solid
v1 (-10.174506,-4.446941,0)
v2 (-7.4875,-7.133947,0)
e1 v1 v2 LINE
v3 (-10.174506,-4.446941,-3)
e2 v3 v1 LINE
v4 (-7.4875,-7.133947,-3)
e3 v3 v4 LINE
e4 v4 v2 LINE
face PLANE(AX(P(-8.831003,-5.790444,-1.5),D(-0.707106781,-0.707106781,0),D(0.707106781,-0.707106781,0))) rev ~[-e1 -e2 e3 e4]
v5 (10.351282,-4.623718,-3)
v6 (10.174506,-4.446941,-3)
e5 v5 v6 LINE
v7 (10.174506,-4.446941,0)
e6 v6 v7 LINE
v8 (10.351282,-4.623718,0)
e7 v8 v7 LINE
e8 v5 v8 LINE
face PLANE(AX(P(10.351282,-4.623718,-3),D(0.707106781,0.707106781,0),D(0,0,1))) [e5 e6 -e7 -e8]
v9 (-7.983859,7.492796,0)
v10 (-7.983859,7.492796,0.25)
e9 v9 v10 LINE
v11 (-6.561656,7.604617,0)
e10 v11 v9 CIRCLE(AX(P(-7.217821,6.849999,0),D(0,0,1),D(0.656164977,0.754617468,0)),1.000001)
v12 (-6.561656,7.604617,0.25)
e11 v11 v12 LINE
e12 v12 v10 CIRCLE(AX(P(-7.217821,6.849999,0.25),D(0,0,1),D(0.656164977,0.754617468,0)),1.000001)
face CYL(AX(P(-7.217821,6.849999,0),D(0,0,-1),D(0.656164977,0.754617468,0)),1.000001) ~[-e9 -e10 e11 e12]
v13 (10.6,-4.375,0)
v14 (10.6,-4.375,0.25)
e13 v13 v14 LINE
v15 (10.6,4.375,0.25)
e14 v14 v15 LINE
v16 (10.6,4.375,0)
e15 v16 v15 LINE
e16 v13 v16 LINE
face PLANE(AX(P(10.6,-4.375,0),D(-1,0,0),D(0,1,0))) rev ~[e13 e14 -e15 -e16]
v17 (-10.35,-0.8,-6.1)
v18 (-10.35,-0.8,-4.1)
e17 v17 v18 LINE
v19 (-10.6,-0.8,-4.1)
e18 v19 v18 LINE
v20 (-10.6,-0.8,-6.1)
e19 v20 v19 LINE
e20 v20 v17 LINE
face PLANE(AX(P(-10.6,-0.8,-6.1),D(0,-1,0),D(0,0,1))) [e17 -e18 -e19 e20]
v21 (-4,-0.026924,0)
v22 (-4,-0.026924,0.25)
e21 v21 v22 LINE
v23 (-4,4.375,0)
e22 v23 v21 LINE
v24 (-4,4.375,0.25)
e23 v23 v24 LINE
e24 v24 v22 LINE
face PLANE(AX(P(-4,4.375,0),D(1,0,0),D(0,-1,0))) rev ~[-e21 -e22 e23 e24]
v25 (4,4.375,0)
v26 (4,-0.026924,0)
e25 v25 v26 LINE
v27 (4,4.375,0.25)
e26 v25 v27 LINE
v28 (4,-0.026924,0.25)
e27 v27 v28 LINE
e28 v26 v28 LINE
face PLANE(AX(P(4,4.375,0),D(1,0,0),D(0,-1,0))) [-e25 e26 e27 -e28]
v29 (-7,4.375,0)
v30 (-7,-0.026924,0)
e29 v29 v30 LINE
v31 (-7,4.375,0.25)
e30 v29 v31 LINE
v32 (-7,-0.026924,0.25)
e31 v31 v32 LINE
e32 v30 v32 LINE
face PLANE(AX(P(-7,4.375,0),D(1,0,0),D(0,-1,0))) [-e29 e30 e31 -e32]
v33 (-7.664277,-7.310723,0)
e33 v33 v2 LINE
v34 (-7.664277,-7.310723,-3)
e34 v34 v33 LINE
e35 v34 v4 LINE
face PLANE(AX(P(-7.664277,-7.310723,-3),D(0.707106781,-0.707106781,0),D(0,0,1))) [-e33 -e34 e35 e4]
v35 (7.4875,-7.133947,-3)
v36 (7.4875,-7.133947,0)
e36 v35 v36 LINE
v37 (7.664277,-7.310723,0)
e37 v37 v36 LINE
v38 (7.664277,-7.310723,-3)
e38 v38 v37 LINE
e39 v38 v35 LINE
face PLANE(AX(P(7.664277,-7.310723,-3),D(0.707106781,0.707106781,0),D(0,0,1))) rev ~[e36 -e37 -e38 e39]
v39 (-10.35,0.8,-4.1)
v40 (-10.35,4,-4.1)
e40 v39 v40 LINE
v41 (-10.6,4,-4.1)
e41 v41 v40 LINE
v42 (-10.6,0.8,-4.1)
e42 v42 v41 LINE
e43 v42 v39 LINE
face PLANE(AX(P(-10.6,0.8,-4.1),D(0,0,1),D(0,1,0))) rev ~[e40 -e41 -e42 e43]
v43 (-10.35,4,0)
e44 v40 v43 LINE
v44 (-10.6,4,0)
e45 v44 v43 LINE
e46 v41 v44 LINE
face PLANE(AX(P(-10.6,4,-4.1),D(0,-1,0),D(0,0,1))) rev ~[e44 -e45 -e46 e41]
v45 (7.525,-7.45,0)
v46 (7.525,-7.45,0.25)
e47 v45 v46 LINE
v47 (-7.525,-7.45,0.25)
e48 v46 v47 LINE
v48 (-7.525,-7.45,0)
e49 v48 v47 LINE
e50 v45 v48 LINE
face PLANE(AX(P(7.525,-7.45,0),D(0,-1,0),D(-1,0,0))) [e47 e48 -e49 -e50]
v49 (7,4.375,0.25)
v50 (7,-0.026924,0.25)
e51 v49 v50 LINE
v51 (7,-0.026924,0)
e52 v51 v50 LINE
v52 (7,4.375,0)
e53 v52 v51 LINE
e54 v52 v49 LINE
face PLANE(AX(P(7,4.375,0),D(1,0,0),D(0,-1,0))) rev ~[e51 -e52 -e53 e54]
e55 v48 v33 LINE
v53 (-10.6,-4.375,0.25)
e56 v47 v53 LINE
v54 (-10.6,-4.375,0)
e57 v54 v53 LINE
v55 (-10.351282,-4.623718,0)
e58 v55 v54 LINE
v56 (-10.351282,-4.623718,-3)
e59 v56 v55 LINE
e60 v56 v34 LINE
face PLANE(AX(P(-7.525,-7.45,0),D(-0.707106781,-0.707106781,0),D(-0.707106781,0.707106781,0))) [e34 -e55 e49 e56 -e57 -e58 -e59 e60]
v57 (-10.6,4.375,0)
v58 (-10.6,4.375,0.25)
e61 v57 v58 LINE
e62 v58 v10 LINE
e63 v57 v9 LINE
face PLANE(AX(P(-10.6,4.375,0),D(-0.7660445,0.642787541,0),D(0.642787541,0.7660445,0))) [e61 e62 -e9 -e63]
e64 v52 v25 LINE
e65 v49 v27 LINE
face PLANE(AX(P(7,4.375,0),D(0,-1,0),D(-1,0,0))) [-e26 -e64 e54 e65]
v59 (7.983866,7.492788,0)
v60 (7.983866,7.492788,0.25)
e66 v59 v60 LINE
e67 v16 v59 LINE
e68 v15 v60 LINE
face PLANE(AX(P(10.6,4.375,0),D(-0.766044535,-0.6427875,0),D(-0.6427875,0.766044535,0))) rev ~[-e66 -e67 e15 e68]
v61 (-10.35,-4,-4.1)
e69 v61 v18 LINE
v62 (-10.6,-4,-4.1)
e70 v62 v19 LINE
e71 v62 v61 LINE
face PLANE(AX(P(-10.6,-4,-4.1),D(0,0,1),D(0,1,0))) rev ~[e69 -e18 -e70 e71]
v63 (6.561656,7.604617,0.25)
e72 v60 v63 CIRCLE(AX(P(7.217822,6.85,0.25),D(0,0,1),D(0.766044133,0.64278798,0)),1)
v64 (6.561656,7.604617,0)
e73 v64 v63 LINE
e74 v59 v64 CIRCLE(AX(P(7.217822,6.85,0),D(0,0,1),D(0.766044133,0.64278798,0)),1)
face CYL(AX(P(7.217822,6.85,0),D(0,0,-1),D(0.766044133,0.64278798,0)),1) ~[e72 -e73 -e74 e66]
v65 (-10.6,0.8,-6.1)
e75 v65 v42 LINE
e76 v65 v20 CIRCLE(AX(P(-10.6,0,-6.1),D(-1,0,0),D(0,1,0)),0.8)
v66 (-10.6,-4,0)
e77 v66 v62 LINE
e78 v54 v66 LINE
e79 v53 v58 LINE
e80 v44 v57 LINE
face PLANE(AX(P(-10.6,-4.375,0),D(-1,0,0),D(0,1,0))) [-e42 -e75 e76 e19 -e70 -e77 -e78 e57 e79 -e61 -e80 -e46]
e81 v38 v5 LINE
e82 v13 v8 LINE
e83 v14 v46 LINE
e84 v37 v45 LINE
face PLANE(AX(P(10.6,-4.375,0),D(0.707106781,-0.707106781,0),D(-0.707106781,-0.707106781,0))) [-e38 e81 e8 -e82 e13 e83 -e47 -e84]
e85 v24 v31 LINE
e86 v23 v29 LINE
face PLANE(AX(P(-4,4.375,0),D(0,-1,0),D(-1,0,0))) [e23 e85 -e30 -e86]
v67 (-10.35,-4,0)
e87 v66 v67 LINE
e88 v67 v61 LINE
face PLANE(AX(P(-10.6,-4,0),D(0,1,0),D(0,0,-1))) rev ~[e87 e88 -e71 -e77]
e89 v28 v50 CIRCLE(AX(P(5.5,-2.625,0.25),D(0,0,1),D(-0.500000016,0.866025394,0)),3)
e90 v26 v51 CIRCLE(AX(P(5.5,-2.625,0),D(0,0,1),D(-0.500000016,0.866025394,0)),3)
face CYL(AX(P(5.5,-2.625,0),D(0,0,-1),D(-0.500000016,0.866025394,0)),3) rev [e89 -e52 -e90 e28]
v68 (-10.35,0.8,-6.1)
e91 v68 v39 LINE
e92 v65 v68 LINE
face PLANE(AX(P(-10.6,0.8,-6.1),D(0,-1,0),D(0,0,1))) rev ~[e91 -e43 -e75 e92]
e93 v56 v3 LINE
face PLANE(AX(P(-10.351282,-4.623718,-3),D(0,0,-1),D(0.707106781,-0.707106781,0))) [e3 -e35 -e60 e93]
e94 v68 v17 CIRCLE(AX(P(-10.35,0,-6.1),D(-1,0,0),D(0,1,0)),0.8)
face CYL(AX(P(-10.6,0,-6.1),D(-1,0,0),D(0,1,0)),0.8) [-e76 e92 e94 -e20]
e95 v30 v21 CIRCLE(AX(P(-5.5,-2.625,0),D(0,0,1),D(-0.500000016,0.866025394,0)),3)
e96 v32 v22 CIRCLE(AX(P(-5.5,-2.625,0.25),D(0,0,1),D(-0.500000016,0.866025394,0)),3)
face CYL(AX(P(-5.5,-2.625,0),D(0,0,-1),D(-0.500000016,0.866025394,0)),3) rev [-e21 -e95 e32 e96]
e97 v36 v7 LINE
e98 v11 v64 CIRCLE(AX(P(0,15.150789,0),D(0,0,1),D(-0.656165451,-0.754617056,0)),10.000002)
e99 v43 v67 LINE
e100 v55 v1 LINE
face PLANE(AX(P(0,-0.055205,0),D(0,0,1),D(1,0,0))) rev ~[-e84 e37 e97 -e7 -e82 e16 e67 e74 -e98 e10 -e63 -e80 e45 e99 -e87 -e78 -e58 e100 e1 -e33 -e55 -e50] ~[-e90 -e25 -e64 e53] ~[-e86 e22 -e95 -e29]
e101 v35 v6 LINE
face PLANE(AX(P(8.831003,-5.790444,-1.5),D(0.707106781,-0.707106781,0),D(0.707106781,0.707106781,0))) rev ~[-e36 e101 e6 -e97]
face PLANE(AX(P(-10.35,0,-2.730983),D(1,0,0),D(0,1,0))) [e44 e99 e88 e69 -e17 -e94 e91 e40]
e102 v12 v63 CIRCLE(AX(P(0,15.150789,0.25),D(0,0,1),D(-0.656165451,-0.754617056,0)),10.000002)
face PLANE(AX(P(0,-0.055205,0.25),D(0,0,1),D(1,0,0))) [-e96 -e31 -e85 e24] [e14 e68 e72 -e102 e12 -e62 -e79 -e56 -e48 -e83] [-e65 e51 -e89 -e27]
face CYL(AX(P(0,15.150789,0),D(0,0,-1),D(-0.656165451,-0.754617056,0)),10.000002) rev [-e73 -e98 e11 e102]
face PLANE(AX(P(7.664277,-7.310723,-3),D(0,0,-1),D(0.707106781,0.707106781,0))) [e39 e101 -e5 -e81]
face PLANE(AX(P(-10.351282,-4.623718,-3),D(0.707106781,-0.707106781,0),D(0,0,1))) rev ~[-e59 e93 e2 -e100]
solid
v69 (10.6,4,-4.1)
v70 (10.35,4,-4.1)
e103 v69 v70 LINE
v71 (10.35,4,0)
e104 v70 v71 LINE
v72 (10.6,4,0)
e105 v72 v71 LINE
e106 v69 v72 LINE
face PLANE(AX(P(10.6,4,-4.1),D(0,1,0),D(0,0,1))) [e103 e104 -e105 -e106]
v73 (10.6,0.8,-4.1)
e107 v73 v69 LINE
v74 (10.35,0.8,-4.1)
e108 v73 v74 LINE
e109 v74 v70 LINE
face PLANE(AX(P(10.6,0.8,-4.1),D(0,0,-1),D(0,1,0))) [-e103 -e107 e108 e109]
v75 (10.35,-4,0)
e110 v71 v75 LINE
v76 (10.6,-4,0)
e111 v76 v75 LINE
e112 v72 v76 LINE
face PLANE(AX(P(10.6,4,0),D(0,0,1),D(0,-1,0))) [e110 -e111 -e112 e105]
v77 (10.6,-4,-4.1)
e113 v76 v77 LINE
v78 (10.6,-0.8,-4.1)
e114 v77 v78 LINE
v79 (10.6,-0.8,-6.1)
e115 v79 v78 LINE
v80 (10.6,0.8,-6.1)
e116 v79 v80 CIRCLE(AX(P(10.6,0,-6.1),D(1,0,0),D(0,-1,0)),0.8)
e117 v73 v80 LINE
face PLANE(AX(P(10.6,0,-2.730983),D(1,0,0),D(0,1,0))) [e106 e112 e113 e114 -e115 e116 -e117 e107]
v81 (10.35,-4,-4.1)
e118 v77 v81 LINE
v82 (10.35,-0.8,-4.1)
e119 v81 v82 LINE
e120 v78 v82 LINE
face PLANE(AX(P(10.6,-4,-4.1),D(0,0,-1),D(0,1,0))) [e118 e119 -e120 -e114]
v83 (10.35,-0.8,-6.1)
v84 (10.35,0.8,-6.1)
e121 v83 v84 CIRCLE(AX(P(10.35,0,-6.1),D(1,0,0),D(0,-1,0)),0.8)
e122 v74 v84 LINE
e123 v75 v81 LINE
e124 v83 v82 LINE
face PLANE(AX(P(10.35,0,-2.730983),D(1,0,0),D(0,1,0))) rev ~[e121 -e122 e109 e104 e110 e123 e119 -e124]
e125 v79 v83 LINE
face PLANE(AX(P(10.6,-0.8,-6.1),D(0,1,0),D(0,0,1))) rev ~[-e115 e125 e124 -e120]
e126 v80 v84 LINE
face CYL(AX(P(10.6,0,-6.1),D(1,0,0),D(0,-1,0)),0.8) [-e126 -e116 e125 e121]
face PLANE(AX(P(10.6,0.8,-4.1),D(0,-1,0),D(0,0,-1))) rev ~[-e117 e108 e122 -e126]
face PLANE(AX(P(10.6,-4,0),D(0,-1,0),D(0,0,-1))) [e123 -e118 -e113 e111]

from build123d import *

# Parameters (mm, degrees)
PAD_DEPTH    = 0.25
SKETCH001_W  = 3.8
SKETCH001_H  = 3
PAD001_DEPTH = 0.25
SKETCH002_W  = 3.8
SKETCH002_H  = 3
PAD002_DEPTH = 0.25
PAD005_DEPTH = 0.25
PAD006_DEPTH = 0.25


with BuildPart() as pad005:
    # Sketch → Pad (new body)
    with BuildSketch(Plane.XY):
        with BuildLine():
            Line((10.6, -4.375), (10.6, 4.375))
            Line((10.6, 4.375), (7.983866, 7.492788))
            ThreePointArc((7.983866, 7.492788), (7.29621, 7.846923), (6.561656, 7.604617))
            ThreePointArc((-6.561656, 7.604617), (0, 5.150787), (6.561656, 7.604617))
            ThreePointArc((-6.561656, 7.604617), (-7.296205, 7.846923), (-7.983859, 7.492796))
            Line((-10.6, 4.375), (-7.983859, 7.492796))
            Line((-10.6, -4.375), (-10.6, 4.375))
            Line((-7.525, -7.45), (-10.6, -4.375))
            Line((7.525, -7.45), (-7.525, -7.45))
            Line((10.6, -4.375), (7.525, -7.45))
        make_face()
        with BuildLine():
            Line((4, 4.375), (4, -0.026924))
            ThreePointArc((4, -0.026924), (5.5, -5.625), (7, -0.026924))
            Line((7, 4.375), (7, -0.026924))
            Line((7, 4.375), (4, 4.375))
        make_face(mode=Mode.SUBTRACT)
        with BuildLine():
            Line((-7, 4.375), (-7, -0.026924))
            ThreePointArc((-7, -0.026924), (-5.5, -5.625), (-4, -0.026924))
            Line((-4, 4.375), (-4, -0.026924))
            Line((-4, 4.375), (-7, 4.375))
        make_face(mode=Mode.SUBTRACT)
    extrude(amount=PAD_DEPTH)

    # Sketch001 → Pad001 (new body)
    with BuildSketch(Plane(origin=(7.4875, -7.4875, 0), x_dir=(0.707107, 0.707107, 0), z_dir=(0.707107, -0.707107, 0))):
        with Locations((2.15, -1.5)):
            Rectangle(SKETCH001_W, SKETCH001_H)
    extrude(amount=-PAD001_DEPTH)

    # Sketch002 → Pad002 (new body)
    with BuildSketch(Plane(origin=(-7.4875, -7.4875, 0), x_dir=(0.707107, -0.707107, 0), z_dir=(-0.707107, -0.707107, 0))):
        with Locations((-2.15, -1.5)):
            Rectangle(SKETCH002_W, SKETCH002_H)
    extrude(amount=-PAD002_DEPTH)

    # Sketch003 → Pad005 (new body)
    with BuildSketch(Plane(origin=(-10.6, 0, 0), x_dir=(0, -1, 0), z_dir=(-1, 0, 0))):
        with BuildLine():
            Line((-4, 0), (4, 0))
            Line((4, 0), (4, -4.1))
            Line((4, -4.1), (0.8, -4.1))
            Line((0.8, -6.1), (0.8, -4.1))
            ThreePointArc((-0.8, -6.1), (0, -6.9), (0.8, -6.1))
            Line((-0.8, -6.1), (-0.8, -4.1))
            Line((-0.8, -4.1), (-4, -4.1))
            Line((-4, -4.1), (-4, 0))
        make_face()
    extrude(amount=-PAD005_DEPTH)


with BuildPart() as pad006:
    # Sketch004 → Pad006 (new body)
    with BuildSketch(Plane.YZ.offset(10.6)):
        with BuildLine():
            Line((4, 0), (-4, 0))
            Line((-4, 0), (-4, -4.1))
            Line((-4, -4.1), (-0.8, -4.1))
            Line((-0.8, -6.1), (-0.8, -4.1))
            ThreePointArc((-0.8, -6.1), (0, -6.9), (0.8, -6.1))
            Line((0.8, -4.1), (0.8, -6.1))
            Line((0.8, -4.1), (4, -4.1))
            Line((4, -4.1), (4, 0))
        make_face()
    extrude(amount=-PAD006_DEPTH)


solid = Compound([pad005.part, pad006.part])
